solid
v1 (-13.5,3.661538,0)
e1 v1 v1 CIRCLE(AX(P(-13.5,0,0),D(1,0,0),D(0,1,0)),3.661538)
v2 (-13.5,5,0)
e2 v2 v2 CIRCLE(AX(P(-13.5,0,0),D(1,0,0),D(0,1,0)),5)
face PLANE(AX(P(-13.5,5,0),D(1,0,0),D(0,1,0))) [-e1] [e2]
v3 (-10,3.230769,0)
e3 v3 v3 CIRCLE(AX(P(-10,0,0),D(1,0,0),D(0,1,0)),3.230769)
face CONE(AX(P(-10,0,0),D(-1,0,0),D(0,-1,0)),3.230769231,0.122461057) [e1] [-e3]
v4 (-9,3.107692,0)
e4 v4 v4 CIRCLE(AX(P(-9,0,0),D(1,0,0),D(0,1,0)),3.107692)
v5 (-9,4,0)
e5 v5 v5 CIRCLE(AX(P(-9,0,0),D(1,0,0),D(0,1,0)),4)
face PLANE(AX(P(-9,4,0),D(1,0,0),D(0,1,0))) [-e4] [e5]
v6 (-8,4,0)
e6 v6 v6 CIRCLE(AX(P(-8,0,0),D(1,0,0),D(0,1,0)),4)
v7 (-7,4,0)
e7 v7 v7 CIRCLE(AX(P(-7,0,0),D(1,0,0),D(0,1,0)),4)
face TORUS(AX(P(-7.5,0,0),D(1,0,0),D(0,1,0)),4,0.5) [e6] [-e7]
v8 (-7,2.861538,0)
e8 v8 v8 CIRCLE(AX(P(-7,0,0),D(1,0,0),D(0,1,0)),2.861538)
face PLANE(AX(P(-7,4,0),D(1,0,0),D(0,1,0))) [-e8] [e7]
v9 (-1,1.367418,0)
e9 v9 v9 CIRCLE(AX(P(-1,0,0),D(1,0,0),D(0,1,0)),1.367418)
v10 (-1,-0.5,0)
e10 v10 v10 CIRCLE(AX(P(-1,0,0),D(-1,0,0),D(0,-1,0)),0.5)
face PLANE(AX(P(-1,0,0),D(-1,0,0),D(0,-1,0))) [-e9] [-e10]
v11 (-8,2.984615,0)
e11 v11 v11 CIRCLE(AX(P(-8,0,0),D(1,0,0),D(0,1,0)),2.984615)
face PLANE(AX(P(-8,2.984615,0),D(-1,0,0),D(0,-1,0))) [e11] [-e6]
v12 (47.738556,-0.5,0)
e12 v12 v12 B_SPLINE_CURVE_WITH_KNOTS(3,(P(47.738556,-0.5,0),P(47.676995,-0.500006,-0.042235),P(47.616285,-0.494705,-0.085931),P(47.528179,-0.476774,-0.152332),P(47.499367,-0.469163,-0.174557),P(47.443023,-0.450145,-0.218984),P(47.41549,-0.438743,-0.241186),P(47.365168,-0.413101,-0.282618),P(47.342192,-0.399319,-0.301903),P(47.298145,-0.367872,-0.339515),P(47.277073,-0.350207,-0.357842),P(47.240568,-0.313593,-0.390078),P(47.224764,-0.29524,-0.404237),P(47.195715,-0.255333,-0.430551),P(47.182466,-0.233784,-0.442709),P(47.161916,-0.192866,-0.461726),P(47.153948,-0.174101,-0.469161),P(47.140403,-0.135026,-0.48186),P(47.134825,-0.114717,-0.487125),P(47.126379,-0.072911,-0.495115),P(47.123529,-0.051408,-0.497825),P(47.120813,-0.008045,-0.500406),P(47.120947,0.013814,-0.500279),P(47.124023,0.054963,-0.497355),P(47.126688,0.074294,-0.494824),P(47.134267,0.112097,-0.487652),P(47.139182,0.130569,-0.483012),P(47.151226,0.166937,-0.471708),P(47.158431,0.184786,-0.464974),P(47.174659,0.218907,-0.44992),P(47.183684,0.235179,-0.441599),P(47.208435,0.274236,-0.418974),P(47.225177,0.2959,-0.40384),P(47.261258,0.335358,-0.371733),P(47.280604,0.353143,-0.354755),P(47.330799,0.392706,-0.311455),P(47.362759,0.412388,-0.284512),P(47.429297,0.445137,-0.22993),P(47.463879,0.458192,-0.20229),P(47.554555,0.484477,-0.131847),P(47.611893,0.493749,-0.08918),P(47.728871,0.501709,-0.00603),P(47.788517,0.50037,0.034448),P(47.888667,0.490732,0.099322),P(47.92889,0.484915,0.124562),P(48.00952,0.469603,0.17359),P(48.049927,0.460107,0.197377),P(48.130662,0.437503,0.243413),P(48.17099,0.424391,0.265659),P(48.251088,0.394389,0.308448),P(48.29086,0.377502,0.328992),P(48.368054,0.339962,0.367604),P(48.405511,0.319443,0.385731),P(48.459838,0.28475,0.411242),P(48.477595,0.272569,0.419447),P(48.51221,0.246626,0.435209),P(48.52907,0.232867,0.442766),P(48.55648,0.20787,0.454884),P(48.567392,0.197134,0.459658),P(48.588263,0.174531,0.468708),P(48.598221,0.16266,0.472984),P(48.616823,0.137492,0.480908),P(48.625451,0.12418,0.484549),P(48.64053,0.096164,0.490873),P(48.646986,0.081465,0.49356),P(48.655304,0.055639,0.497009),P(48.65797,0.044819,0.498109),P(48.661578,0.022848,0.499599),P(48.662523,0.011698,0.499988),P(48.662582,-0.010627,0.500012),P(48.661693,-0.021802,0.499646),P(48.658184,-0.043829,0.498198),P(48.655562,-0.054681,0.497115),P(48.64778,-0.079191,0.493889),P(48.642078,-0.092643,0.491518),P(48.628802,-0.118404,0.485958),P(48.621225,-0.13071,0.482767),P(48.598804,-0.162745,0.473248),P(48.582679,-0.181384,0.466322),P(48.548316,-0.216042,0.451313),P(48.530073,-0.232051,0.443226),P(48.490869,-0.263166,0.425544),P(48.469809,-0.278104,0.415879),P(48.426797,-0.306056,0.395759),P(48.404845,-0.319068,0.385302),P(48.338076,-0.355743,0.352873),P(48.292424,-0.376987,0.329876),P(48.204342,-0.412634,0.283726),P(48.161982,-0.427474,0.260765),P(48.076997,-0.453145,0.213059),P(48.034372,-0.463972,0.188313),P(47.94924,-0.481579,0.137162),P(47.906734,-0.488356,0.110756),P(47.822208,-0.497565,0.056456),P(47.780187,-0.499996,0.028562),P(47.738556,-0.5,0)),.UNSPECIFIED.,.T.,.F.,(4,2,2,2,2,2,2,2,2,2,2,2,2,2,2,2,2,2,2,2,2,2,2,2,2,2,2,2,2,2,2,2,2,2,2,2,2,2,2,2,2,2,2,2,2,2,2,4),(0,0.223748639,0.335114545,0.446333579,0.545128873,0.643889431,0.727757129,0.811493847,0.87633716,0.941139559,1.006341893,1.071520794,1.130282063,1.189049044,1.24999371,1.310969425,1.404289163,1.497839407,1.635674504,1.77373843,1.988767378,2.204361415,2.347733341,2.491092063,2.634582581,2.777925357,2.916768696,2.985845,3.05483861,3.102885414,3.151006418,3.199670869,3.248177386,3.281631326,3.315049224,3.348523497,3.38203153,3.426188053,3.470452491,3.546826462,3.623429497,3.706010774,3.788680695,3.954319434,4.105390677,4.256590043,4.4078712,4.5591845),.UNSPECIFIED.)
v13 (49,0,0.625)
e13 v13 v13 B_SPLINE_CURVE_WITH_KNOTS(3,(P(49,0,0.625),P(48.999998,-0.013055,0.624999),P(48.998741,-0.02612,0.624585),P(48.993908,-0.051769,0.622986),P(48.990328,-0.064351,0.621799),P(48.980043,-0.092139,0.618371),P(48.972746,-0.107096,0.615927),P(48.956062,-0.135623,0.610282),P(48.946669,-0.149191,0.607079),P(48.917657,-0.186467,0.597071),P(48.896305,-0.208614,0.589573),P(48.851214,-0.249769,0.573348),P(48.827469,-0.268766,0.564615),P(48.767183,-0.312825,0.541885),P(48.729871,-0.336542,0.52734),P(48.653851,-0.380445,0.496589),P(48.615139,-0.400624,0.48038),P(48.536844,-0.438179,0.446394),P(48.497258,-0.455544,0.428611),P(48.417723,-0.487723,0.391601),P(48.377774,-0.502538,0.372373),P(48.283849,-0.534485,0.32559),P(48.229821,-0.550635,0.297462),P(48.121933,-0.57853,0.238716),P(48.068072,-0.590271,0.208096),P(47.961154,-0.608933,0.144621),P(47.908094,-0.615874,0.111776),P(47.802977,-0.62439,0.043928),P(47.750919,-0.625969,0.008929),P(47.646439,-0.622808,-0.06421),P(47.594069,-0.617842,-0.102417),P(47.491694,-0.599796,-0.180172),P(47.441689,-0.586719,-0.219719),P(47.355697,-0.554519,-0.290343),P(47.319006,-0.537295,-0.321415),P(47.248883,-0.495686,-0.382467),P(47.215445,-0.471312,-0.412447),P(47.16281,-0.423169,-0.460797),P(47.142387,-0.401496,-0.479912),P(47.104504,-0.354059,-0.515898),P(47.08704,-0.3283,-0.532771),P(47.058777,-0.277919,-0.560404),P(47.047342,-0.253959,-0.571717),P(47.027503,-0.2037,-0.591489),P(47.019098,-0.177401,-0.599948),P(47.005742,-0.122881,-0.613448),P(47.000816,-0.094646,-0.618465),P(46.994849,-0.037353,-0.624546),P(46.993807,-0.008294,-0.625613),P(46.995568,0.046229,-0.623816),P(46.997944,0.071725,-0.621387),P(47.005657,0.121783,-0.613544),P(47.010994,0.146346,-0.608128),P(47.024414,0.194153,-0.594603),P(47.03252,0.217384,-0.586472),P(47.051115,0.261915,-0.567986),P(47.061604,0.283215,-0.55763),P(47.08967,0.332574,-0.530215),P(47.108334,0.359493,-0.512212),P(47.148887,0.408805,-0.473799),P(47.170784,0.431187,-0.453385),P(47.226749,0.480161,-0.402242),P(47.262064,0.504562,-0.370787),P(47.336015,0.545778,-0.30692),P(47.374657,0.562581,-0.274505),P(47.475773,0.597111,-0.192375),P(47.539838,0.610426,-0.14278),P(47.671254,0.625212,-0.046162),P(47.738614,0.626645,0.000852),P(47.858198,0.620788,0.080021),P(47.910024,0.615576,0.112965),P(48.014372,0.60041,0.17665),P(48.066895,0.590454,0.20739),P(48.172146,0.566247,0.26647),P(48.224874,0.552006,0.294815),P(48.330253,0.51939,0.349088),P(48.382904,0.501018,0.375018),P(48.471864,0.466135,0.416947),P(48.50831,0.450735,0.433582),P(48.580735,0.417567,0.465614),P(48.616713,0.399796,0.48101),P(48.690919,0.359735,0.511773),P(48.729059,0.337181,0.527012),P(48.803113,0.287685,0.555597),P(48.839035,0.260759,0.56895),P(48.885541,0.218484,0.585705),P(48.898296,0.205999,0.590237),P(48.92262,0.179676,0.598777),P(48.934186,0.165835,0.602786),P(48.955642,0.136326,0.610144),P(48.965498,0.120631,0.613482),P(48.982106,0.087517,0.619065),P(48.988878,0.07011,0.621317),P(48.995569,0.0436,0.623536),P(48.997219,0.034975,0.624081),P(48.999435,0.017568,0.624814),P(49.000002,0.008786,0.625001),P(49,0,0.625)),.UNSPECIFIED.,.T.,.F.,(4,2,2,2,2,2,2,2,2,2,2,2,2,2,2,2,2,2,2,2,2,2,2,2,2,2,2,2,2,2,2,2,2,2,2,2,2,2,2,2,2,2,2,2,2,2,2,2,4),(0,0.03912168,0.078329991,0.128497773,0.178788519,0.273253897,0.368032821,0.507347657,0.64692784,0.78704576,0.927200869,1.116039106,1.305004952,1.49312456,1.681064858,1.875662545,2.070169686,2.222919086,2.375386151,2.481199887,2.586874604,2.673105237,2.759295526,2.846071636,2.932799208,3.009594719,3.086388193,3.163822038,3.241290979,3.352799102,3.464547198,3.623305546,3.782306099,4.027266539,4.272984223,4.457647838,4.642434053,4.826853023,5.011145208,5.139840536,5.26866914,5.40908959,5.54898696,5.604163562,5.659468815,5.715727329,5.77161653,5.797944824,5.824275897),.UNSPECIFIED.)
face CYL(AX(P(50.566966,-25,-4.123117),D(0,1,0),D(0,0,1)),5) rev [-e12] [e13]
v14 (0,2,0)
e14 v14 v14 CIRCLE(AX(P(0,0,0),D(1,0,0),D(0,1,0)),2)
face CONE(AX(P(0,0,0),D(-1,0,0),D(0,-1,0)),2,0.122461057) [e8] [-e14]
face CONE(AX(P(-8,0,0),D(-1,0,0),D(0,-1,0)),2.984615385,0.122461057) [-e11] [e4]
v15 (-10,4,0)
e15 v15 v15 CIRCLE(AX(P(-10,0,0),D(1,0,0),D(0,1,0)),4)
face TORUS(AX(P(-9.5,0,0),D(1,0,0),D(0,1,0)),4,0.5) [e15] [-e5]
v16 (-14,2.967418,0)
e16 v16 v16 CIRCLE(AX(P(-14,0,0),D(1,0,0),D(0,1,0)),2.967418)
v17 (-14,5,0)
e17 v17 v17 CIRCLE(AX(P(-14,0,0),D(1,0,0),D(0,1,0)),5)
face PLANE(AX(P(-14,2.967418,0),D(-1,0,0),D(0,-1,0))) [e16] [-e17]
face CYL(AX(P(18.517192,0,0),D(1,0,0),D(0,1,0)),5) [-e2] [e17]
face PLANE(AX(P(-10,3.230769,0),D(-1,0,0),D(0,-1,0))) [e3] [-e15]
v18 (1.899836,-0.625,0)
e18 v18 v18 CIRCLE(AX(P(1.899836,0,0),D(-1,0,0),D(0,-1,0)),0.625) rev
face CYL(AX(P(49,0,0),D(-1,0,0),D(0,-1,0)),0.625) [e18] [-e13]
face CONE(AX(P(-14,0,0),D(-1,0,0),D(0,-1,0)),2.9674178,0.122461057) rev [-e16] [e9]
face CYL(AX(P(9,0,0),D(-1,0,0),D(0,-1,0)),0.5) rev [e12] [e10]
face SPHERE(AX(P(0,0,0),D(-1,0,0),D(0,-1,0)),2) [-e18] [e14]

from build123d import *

# Parameters (mm, degrees)
D_ME1_FACE_RADIUS       = 2
D_ME1_HEIGHT            = 2
ESQUISSE2_R             = 0.5
ENL_V_MAT_EXTRU_1_DEPTH = 10
ESQUISSE3_R             = 0.625
ESQUISSE3_R_2           = 0.5
EXTRU_MINCE1_DEPTH      = 50
ESQUISSE4_R             = 3.5
ENL_V_MAT_EXTRU_2_DEPTH = 25
ESQUISSE5_R             = 5
ENL_V_MAT_EXTRU_3_DEPTH = 25


with BuildPart() as part:
    # Esquisse1 → Révolution1 (revolve)
    with BuildSketch(Plane.XY):
        with BuildLine():
            Line((0, 0), (-1, 0))
            Line((-1, 0), (-1, 1.3674178))
            Line((-1, 1.3674178), (-14, 2.9674178))
            Line((-14, 2.9674178), (-14, 5))
            Line((-14, 5), (-13.5, 5))
            Line((-13.5, 5), (-13.5, 3.661538462))
            Line((-13.5, 3.661538462), (-10, 3.230769231))
            Line((-10, 3.230769231), (-10, 4))
            ThreePointArc((-10, 4), (-9.5, 4.5), (-9, 4))
            Line((-9, 4), (-9, 3.107692308))
            Line((-9, 3.107692308), (-8, 2.984615385))
            Line((-8, 2.984615385), (-8, 4))
            ThreePointArc((-8, 4), (-7.5, 4.5), (-7, 4))
            Line((-7, 4), (-7, 2.861538462))
            Line((-7, 2.861538462), (0, 2))
            Line((0, 2), (0, 0))
        make_face()
    revolve(axis=Axis((18.517191928, 0, 0), (-1, 0, 0)))

    # Dôme1: a dome of height H over a round flat face of radius A is a cap of a sphere of radius (A * A + H * H) / (2 * H)
    d_me1_r = (D_ME1_FACE_RADIUS * D_ME1_FACE_RADIUS + D_ME1_HEIGHT * D_ME1_HEIGHT) / (2 * D_ME1_HEIGHT)
    d_me1_base = Plane((0, 0, 0), z_dir=(1, 0, 0))
    with Locations(d_me1_base.offset(D_ME1_HEIGHT - d_me1_r)):
        d_me1_ball = Sphere(d_me1_r, mode=Mode.PRIVATE)
    add(split(d_me1_ball, bisect_by=d_me1_base, keep=Keep.TOP, mode=Mode.PRIVATE))

    # Esquisse2 → Enlèv. mat.-Extru.1 (cut)
    with BuildSketch(Plane.ZY.offset(1)):
        with Locations(Location((0, 0, 0), (0, 0, 270))):
            Circle(ESQUISSE2_R)
    extrude(amount=-ENL_V_MAT_EXTRU_1_DEPTH, mode=Mode.SUBTRACT)

    # Esquisse3 → Extru.-Mince1 (add)
    with BuildSketch(Plane.ZY.offset(1)):
        Circle(ESQUISSE3_R)
        Circle(ESQUISSE3_R_2, mode=Mode.SUBTRACT)
    extrude(amount=-EXTRU_MINCE1_DEPTH)

    # Esquisse4 → Enlèv. mat.-Extru.2 (cut, symmetric)
    with BuildSketch(Plane(origin=(0, 0, 0), x_dir=(1, 0, 0), z_dir=(0, 1, 0))):
        with Locations((49, 3.5)):
            Circle(ESQUISSE4_R)
    extrude(amount=ENL_V_MAT_EXTRU_2_DEPTH, both=True, mode=Mode.SUBTRACT)

    # Esquisse5 → Enlèv. mat.-Extru.3 (cut, symmetric)
    with BuildSketch(Plane(origin=(0, 0, 0), x_dir=(1, 0, 0), z_dir=(0, 1, 0))):
        with Locations((50.566966107, 4.123117229)):
            Circle(ESQUISSE5_R)
    extrude(amount=ENL_V_MAT_EXTRU_3_DEPTH, both=True, mode=Mode.SUBTRACT)


solid = part.part
